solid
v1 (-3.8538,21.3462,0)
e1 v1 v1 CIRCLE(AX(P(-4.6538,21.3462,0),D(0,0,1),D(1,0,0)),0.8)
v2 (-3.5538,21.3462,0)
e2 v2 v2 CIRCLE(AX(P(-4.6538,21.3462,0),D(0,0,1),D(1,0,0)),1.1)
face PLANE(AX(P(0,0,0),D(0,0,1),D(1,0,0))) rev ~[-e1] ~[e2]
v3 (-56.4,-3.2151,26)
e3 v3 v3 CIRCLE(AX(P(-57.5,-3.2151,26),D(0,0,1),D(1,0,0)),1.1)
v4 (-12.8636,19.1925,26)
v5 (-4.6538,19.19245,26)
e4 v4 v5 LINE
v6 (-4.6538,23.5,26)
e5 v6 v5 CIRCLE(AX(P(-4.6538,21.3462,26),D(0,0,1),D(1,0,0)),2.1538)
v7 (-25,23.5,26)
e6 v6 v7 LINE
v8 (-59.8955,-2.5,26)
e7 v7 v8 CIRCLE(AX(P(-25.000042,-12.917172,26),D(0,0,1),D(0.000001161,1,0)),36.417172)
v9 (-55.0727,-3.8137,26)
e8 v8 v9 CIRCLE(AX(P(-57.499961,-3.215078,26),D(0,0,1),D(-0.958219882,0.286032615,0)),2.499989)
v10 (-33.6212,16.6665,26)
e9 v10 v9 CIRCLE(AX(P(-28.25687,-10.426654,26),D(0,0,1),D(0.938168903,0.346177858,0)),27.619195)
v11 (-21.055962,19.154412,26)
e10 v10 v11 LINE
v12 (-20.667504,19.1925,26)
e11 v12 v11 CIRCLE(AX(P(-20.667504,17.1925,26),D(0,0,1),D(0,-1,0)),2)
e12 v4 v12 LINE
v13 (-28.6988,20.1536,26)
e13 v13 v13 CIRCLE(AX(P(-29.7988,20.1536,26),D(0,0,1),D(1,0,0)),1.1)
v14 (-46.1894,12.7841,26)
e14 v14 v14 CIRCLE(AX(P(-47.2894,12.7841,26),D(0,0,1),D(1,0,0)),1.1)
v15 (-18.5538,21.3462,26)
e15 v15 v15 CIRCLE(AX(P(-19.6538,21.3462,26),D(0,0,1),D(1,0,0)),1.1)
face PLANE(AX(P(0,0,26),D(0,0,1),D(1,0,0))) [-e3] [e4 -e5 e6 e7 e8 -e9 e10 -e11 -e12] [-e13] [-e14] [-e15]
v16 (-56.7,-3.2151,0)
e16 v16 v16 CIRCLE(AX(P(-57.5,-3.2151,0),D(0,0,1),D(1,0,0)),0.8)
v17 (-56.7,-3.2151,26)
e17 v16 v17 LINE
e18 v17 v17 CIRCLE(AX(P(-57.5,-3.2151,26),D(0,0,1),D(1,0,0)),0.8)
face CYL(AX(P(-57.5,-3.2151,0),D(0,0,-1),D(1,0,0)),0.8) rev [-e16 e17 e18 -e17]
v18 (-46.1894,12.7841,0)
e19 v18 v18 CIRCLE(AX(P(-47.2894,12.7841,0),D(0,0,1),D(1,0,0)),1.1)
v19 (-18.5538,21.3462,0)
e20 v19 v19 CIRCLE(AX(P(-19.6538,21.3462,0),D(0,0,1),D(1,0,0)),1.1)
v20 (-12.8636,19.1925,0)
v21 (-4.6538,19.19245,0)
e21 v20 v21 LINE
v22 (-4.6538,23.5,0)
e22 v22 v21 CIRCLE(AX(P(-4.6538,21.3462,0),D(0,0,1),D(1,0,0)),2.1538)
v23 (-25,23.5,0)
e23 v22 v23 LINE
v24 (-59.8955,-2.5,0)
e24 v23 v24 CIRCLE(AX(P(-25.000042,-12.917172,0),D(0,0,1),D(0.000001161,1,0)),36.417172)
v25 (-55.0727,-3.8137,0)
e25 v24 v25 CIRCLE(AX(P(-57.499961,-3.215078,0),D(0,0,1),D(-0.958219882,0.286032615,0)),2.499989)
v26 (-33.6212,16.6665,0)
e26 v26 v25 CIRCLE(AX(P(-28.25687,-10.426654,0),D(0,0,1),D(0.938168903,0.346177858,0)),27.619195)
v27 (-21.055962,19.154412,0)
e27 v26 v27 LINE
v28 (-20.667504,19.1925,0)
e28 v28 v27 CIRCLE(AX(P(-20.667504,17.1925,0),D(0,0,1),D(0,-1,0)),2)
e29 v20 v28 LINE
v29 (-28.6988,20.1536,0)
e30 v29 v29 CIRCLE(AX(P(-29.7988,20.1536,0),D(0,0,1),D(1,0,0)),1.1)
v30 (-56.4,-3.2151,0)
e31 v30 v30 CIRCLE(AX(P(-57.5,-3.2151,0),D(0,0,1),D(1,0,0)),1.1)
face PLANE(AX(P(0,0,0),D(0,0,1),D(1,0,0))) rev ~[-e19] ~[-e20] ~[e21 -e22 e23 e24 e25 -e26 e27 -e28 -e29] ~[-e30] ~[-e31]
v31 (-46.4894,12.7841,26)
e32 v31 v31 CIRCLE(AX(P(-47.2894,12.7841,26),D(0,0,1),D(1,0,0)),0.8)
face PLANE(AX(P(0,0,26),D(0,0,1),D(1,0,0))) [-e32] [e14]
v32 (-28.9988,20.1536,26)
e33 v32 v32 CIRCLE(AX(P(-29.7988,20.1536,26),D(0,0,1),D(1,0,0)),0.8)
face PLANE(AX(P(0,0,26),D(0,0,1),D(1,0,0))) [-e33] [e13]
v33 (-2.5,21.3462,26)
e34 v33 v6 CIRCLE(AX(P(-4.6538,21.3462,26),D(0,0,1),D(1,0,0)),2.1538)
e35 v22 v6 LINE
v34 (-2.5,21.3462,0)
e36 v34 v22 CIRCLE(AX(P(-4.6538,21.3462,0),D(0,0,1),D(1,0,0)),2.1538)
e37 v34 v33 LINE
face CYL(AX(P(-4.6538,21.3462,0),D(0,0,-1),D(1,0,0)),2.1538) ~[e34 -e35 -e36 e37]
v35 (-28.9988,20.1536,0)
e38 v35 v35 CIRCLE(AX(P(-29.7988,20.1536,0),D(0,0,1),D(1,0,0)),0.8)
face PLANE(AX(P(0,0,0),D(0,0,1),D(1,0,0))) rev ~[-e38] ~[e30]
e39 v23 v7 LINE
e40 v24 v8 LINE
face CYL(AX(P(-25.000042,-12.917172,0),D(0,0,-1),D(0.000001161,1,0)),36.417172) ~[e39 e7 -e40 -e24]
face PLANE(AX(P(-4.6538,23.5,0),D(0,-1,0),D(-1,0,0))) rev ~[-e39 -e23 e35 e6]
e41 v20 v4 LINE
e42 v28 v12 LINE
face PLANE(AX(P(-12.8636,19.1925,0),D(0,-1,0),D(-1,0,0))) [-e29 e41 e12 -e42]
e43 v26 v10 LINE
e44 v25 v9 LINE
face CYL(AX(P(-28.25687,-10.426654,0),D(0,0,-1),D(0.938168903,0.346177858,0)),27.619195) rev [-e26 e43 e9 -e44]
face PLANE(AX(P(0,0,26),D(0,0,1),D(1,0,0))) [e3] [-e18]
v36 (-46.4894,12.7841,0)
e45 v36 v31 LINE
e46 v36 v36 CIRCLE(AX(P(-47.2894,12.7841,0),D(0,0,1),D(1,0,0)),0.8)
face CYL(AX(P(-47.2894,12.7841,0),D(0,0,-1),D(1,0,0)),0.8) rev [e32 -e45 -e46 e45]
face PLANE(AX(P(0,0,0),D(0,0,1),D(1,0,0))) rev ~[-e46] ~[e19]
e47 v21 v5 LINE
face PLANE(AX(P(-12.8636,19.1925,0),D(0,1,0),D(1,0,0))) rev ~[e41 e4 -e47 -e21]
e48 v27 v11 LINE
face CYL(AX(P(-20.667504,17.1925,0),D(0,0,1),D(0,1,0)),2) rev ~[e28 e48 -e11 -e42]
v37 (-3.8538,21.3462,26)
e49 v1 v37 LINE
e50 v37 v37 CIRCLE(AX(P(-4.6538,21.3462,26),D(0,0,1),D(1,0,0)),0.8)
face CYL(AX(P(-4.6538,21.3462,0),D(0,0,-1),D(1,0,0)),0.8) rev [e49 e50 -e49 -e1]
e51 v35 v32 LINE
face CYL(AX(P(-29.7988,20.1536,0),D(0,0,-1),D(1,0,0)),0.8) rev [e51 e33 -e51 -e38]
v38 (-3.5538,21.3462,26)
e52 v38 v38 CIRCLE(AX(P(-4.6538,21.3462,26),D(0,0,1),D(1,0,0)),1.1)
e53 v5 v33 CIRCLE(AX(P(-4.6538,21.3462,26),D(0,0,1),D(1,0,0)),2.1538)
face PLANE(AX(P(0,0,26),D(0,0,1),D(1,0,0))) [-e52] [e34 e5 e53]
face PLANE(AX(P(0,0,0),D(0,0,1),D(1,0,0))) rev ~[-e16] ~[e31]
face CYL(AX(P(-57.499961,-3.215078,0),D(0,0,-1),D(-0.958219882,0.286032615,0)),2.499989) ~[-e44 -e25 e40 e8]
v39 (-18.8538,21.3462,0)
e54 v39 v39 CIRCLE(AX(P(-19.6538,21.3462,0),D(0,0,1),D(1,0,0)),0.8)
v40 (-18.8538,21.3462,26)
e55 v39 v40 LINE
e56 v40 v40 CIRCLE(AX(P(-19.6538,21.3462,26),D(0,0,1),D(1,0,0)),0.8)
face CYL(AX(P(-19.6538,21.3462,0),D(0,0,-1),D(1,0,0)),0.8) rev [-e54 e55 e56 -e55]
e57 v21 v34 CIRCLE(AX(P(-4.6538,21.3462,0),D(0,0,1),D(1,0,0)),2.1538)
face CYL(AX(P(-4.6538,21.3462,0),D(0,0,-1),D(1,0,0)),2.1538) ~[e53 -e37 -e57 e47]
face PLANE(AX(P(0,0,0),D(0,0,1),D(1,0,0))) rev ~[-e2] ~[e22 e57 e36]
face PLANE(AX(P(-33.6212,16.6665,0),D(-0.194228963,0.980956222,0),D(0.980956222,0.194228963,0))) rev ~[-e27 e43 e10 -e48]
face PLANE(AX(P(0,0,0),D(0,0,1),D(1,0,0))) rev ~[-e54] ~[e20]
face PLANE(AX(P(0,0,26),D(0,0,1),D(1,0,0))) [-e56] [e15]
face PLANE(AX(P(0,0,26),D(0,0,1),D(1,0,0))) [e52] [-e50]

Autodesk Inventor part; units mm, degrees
ref_plane "YZ Plane" through (0, 0, 0) normal (1, 0, 0) x (0, 1, 0)
ref_plane "XZ Plane" through (0, 0, 0) normal (0, 1, 0) x (-1, 0, 0)
sketch "スケッチ1" plane through (0, 0, 0) normal (0, 0, 1) x (1, 0, 0)
  circle A0 centre (-4.6538, 21.3462) radius 1.1 projected
  circle A1 centre (-19.6538, 21.3462) radius 1.1 projected
  line L0 (0.5, 16.7574) -> (0.5, 6.421) projected
  arc A2 (-3.1924, 5.3553) -> (0.5, 6.421) centre (-1.5, 6.421) ccw projected
  arc A3 (-3.1924, 5.3553) -> (-13.8372, 15.4455) centre (-28.2569, -10.4267) ccw projected
  arc A4 (-12.8636, 19.1925) -> (-13.8372, 15.4455) centre (-12.8636, 17.1925) ccw projected
  line L1 (-12.8636, 19.1925) -> (-2.3985, 19.1925) projected
  arc A5 (-1.3325, 18.8847) -> (-2.3985, 19.1925) centre (-2.3985, 17.1925) ccw projected
  arc A6 (-1.3325, 18.8847) -> (-0.8333, 18.643) centre (0, 21) ccw projected
  arc A7 (0.5, 16.7574) -> (-0.8333, 18.643) centre (-1.5, 16.7574) ccw projected
  arc A8 (-2.3454, -0.8655) -> (2.5, 0) centre (0, 0) ccw projected
  line L2 (2.5, 0) -> (2.5, 16.5) projected
  arc A9 (4.5, 18.5) -> (2.5, 16.5) centre (4.5, 16.5) ccw projected
  line L3 (4.5, 18.5) -> (21, 18.5) projected
  arc A10 (21, 18.5) -> (21, 23.5) centre (21, 21) ccw projected
  line L4 (21, 23.5) -> (-25, 23.5) projected
  arc A11 (-25, 23.5) -> (-59.8955, -2.5) centre (-25, -12.9173) ccw projected
  arc A12 (-59.8955, -2.5) -> (-55.0727, -3.8137) centre (-57.5, -3.2151) ccw projected
  arc A13 (-2.3454, -0.8655) -> (-55.0727, -3.8137) centre (-28.2569, -10.4267) ccw projected
  circle A14 centre (0, 0) radius 1.1 projected
  circle A15 centre (-47.2894, 12.7841) radius 1.1 projected
  circle A16 centre (-29.7988, 20.1536) radius 1.1 projected
  circle A17 centre (0, 21) radius 1.1 projected
  circle A18 centre (-57.5, -3.2151) radius 1.1 projected
  circle A19 centre (21, 21) radius 1.1 projected
  line L5 (-12.8636, 19.1925) -> (-20.8636, 19.1925)
  line L6 (-33.6212, 16.6665) -> (-20.8636, 19.1925)
  circle A20 centre (-57.5, -3.2151) radius 0.8
  circle A21 centre (-47.2894, 12.7841) radius 0.8
  circle A22 centre (-29.7988, 20.1536) radius 0.8
  circle A23 centre (-19.6538, 21.3462) radius 0.8
  circle A24 centre (-4.6538, 21.3462) radius 0.8
  circle A25 centre (-4.6538, 21.3462) radius 2.1538
  point P0 (0, 0)
  point P1 (-4.6538, 19.1925)
  point P2 (-4.6538, 23.5)
  dimension "d0" = 8
  dimension "d1" = 1.6
  dimension "d2" = 1.6
  dimension "d3" = 1.6
  dimension "d4" = 1.6
  dimension "d5" = 1.6
ref_plane "作業平面1" through (-60, -5.7151, 26) normal (0, 0, -1) x (0, 1, 0)
extrude "押し出し1" add sketch "スケッチ1" along normal up to surface (26 mm away) contours A0 | A1 | L5 L6 A13 A12 A11 L4 A25 L1 | A25 | A15 | A16 | A18
fillet "フィレット1" radius 2 1 edges at (-20.8636, 19.1925, 13)
properties part number "tesaki_sukima" material "ABS プラスチック"
